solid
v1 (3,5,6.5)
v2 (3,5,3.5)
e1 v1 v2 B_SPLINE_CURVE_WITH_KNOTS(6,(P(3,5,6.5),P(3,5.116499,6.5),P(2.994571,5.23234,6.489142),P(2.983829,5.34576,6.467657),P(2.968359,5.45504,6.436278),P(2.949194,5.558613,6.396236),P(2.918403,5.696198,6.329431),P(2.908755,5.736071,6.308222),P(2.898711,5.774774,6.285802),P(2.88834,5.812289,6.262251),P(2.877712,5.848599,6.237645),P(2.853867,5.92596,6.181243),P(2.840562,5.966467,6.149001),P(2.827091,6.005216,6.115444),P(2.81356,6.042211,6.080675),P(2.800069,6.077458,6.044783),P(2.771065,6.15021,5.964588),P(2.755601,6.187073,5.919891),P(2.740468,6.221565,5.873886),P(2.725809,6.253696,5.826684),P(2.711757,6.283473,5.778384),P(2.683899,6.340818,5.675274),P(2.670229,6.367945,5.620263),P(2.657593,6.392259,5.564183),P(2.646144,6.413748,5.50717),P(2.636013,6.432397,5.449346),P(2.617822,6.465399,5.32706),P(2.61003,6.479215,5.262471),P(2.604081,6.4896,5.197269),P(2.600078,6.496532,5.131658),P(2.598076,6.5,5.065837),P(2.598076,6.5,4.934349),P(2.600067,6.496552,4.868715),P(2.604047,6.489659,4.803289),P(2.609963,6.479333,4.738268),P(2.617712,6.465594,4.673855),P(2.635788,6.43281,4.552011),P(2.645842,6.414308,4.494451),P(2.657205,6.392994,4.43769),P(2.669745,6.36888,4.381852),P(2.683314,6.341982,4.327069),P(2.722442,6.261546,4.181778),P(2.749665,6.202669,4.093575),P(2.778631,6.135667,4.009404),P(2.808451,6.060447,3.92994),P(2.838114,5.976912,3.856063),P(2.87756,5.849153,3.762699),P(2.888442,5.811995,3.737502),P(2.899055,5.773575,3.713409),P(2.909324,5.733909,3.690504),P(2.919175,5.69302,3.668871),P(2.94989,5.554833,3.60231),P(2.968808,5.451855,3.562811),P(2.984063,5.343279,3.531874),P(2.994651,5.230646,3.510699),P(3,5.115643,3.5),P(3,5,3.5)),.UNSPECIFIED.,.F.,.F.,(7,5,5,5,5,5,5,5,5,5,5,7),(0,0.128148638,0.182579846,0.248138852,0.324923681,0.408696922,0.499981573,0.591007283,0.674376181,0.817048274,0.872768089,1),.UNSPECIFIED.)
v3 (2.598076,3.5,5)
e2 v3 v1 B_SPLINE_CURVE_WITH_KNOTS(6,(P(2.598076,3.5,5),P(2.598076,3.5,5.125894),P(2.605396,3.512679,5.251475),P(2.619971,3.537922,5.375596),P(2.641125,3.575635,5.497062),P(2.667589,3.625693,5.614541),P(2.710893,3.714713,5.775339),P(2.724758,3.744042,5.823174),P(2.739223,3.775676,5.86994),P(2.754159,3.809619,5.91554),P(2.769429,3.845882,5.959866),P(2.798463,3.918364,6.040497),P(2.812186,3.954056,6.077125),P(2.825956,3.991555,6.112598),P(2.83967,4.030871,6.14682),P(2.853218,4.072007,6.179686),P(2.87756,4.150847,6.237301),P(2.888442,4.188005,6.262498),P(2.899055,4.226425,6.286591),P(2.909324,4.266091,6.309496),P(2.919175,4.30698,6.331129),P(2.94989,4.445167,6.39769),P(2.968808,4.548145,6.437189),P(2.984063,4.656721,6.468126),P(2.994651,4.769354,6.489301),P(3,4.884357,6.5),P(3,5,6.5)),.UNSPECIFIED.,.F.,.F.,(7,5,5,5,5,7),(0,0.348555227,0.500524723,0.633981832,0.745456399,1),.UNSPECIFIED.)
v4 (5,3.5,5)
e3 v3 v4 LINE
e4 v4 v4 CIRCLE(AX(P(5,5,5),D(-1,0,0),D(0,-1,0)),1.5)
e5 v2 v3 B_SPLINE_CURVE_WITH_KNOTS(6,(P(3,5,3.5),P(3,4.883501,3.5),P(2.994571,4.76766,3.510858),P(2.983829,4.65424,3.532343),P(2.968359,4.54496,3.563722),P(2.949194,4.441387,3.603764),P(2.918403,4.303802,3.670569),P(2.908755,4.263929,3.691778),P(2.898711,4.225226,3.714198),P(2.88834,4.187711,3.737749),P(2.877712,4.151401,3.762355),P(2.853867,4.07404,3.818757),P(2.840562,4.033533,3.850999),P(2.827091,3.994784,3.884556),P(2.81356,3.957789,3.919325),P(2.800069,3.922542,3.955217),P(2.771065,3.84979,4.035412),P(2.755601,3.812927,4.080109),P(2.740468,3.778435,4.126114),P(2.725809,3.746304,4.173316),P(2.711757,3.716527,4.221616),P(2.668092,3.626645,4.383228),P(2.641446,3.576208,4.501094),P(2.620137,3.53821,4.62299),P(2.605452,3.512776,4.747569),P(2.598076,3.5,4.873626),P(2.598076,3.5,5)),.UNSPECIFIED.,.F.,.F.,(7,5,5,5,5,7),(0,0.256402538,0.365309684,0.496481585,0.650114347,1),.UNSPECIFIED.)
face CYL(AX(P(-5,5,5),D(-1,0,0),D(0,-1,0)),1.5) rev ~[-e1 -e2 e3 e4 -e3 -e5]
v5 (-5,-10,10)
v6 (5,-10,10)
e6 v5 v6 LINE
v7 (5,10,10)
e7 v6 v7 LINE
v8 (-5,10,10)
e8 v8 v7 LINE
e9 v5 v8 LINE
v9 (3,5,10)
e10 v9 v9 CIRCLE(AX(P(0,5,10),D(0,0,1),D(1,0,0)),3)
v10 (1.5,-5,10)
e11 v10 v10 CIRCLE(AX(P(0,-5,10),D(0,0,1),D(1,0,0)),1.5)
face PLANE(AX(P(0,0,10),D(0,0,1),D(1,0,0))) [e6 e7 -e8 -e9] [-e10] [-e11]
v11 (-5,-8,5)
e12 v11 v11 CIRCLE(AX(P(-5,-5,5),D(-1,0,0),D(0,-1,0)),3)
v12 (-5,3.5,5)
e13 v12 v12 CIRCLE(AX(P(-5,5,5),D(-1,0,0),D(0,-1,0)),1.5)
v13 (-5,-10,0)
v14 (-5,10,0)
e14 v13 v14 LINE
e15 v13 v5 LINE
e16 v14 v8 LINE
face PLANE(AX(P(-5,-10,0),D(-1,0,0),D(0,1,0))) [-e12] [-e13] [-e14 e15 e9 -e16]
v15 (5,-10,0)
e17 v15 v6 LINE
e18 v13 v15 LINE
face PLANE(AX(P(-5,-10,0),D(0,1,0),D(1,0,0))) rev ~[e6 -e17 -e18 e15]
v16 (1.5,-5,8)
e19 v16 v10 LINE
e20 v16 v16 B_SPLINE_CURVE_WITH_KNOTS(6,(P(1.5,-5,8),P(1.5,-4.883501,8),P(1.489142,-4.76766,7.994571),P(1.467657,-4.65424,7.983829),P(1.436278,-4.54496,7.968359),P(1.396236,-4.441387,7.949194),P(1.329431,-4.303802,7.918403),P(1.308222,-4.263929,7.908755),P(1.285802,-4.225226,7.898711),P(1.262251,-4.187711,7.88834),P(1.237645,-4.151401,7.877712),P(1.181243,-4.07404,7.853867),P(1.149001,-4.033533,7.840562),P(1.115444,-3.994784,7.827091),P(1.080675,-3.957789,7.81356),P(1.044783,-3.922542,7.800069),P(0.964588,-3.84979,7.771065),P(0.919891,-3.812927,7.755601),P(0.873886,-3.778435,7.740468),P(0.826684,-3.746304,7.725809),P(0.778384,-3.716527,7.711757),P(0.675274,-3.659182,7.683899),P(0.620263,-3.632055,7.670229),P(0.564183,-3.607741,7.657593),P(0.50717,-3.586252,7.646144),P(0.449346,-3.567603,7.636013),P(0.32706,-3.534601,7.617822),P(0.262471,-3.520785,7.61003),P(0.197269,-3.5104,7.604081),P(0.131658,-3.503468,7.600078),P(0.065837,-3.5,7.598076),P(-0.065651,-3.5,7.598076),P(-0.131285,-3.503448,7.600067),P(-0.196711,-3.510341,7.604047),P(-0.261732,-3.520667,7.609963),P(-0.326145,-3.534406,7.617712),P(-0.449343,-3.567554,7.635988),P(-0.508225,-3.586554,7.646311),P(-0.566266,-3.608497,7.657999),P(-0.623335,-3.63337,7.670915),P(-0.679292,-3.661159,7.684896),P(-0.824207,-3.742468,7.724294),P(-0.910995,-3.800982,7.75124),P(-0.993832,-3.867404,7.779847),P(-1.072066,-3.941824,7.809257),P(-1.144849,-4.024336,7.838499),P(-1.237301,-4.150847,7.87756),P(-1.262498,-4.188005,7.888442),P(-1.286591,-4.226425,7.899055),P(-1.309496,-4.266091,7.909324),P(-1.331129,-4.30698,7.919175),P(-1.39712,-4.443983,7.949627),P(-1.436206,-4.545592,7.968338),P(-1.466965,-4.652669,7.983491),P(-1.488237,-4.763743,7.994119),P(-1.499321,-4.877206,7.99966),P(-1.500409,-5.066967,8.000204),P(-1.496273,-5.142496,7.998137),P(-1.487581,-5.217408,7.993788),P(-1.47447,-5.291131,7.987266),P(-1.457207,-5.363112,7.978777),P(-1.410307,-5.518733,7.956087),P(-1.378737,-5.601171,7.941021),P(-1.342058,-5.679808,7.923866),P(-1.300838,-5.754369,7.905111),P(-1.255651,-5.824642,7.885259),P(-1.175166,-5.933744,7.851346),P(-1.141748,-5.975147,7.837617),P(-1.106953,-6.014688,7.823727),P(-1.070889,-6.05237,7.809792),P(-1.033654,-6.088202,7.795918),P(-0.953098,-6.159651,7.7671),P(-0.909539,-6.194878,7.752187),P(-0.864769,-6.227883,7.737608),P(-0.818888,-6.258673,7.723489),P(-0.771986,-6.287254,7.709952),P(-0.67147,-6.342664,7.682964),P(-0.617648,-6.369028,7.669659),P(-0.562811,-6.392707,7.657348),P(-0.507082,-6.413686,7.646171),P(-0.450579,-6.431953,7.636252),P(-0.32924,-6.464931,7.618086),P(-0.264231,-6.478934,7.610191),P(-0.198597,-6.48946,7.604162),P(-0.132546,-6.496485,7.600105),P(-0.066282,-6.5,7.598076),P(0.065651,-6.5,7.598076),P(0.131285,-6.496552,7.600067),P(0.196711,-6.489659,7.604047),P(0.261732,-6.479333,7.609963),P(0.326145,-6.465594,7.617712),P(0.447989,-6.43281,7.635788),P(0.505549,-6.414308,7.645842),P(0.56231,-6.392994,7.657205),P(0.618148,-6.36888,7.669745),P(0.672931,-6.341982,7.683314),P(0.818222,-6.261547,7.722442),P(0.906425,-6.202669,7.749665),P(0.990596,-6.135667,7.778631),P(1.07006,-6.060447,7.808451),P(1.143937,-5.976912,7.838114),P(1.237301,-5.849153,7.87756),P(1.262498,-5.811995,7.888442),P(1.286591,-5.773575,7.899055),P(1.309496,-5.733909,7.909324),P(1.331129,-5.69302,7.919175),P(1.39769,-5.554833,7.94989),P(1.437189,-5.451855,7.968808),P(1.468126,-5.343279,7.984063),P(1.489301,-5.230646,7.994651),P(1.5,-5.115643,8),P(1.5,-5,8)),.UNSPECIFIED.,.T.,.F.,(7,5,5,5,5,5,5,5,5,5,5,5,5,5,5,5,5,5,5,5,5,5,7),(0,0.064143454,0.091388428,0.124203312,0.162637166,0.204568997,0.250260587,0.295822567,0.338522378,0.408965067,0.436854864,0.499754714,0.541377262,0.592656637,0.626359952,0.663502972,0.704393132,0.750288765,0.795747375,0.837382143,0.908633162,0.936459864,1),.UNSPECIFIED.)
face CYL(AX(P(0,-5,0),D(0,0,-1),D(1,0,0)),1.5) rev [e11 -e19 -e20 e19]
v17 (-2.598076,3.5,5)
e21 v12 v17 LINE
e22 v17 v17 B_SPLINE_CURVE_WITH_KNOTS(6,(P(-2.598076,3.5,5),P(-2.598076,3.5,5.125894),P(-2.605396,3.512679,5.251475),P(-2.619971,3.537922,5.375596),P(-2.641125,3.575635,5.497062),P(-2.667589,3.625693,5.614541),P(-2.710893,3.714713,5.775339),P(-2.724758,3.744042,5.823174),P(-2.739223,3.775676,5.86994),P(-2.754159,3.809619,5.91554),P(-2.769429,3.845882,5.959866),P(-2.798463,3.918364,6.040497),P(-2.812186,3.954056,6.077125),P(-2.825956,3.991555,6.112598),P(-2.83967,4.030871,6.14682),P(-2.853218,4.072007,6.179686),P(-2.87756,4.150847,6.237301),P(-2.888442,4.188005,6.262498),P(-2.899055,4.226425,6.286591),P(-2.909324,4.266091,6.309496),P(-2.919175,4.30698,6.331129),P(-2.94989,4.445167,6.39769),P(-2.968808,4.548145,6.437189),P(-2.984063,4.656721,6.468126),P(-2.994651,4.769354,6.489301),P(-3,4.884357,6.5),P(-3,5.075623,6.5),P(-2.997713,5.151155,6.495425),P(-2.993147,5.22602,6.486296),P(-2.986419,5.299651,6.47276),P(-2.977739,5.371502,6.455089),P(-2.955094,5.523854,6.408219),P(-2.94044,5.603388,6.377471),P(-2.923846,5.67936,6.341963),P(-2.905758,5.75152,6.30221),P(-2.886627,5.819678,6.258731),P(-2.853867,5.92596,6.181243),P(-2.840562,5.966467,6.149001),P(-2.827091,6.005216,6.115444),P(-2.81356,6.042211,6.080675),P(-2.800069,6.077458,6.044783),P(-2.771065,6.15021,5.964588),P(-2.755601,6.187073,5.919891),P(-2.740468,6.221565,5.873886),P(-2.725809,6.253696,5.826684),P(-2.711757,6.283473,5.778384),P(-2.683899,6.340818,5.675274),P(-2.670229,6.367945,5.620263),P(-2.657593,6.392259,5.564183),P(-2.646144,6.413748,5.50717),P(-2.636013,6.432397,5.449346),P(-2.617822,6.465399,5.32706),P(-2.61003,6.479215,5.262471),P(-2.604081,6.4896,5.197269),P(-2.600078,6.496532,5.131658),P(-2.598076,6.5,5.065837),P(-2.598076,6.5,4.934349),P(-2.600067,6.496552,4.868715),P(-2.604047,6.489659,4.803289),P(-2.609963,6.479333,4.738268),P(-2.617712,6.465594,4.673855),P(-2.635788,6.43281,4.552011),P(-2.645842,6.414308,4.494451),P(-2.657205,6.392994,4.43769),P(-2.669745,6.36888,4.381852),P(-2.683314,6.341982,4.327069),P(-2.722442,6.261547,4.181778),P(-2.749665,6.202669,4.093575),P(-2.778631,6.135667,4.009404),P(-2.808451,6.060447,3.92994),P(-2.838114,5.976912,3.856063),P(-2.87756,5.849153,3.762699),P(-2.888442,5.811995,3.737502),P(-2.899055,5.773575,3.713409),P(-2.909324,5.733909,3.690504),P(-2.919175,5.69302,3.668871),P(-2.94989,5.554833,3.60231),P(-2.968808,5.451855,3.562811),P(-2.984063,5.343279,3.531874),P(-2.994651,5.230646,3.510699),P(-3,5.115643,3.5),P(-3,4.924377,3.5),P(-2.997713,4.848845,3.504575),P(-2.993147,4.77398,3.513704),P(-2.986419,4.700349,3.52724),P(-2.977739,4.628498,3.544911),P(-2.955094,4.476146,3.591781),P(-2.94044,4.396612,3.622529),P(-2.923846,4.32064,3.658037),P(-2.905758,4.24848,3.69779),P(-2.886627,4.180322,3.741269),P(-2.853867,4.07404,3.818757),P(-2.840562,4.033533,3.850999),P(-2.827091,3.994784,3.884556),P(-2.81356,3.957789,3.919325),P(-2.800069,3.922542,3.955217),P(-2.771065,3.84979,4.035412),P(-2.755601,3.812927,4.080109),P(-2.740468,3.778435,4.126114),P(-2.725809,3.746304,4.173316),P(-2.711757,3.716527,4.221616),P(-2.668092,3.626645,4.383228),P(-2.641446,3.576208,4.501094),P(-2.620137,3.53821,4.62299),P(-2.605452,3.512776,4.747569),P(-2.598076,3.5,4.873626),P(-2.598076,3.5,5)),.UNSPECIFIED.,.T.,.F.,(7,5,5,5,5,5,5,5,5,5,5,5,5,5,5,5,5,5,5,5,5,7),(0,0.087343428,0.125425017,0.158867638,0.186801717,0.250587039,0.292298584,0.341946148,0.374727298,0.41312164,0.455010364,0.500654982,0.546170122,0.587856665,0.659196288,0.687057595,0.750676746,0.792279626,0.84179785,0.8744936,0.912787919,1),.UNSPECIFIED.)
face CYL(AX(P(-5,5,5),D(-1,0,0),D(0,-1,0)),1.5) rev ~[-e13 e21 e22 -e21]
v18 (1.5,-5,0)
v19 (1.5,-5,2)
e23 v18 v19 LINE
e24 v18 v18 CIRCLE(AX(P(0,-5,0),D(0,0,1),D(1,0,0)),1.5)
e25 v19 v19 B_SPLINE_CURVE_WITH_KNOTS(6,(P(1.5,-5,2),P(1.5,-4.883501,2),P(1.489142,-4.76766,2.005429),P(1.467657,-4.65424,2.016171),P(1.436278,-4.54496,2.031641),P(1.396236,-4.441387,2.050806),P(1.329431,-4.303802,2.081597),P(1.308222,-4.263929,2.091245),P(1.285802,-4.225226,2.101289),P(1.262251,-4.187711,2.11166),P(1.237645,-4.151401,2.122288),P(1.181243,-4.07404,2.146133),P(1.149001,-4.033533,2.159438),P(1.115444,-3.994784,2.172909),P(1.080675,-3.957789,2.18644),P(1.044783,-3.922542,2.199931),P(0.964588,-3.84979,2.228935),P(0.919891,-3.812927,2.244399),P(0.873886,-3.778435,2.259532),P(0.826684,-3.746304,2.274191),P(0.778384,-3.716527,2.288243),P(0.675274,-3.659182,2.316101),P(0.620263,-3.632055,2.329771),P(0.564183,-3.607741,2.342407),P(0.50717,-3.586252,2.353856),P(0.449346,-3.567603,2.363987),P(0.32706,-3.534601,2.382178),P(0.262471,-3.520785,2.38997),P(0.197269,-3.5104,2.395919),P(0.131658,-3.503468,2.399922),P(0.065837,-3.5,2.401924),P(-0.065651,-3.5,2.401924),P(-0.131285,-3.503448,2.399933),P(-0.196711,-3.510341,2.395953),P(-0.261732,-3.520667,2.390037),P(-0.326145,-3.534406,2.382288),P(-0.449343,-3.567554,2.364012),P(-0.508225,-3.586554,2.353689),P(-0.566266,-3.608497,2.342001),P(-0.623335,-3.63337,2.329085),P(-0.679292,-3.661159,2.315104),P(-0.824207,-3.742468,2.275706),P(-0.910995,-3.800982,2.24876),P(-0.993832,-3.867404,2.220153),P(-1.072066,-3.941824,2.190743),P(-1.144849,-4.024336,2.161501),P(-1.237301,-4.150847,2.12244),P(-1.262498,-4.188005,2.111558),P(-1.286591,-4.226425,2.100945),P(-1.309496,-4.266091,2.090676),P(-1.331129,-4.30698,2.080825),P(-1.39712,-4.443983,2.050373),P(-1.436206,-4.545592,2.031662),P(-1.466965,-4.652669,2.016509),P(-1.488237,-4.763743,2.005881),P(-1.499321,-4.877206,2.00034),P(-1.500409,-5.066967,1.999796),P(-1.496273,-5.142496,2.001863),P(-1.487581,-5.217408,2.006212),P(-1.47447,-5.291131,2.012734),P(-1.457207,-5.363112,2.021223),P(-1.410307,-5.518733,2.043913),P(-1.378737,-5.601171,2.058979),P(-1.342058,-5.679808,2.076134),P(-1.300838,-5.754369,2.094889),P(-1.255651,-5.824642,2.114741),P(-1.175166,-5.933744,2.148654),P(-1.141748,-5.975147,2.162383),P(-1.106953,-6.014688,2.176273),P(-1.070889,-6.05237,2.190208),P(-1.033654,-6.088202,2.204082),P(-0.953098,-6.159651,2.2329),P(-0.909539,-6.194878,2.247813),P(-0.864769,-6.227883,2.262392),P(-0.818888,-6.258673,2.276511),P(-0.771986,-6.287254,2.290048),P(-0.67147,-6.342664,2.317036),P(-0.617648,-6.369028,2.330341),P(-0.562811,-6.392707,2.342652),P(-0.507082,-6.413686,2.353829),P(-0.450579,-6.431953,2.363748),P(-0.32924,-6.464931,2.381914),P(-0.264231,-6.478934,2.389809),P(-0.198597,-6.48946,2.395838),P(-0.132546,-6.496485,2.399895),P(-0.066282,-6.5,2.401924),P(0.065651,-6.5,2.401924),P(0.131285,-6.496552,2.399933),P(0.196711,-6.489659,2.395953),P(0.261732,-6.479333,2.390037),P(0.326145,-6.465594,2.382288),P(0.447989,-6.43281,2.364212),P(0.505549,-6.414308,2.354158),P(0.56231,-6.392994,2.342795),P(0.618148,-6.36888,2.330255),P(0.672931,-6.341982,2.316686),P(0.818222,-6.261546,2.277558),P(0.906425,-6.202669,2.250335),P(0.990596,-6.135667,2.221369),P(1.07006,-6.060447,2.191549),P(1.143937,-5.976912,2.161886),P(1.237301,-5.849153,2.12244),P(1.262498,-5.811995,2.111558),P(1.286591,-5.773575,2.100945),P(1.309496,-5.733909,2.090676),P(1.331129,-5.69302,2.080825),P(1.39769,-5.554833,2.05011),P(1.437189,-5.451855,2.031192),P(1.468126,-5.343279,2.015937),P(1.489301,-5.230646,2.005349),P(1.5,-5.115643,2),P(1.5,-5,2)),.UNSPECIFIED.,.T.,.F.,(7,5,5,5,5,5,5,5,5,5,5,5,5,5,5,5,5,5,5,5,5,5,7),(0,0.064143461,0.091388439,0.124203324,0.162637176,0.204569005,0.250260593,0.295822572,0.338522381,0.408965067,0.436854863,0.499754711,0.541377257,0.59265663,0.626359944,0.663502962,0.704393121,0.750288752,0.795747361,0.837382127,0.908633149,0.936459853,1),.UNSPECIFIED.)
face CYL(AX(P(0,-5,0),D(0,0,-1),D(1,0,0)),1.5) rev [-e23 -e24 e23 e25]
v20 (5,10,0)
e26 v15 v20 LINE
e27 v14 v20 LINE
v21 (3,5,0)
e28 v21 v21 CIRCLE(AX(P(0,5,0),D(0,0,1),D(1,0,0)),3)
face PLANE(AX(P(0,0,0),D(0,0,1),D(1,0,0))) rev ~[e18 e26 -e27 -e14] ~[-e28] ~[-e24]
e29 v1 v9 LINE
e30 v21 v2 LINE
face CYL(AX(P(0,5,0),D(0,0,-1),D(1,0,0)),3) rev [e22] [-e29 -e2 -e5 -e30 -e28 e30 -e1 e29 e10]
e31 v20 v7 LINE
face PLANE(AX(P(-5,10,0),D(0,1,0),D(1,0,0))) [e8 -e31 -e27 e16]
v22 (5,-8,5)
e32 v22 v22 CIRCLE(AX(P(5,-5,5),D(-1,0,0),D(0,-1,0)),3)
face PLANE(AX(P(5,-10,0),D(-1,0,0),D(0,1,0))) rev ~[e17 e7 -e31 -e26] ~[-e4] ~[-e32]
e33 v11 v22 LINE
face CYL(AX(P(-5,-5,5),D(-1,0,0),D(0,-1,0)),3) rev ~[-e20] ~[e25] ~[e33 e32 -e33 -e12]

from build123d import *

# Parameters (mm, degrees)
F0_W     = 10
F0_H     = 20
F0_R     = 1.5
F0_R_2   = 3
F1_DEPTH = 10
F2_R     = 3
F2_R_2   = 1.5
F3_DEPTH = 25


with BuildPart() as f1:
    # F0 (on Top) → F1 (new body)
    with BuildSketch(Plane.XY):
        Rectangle(F0_W, F0_H)
        with Locations((0, -5)):
            Circle(F0_R, mode=Mode.SUBTRACT)
        with Locations((0, 5)):
            Circle(F0_R_2, mode=Mode.SUBTRACT)
    extrude(amount=F1_DEPTH)

    # F2 (on face) → F3 (cut)
    with BuildSketch(Plane(origin=(-5, 0, 0), x_dir=(0, -1, 0), z_dir=(-1, 0, 0))):
        with Locations((5, 5)):
            Circle(F2_R)
        with Locations((-5, 5)):
            Circle(F2_R_2)
    extrude(amount=-F3_DEPTH, mode=Mode.SUBTRACT)


solid = f1.part
